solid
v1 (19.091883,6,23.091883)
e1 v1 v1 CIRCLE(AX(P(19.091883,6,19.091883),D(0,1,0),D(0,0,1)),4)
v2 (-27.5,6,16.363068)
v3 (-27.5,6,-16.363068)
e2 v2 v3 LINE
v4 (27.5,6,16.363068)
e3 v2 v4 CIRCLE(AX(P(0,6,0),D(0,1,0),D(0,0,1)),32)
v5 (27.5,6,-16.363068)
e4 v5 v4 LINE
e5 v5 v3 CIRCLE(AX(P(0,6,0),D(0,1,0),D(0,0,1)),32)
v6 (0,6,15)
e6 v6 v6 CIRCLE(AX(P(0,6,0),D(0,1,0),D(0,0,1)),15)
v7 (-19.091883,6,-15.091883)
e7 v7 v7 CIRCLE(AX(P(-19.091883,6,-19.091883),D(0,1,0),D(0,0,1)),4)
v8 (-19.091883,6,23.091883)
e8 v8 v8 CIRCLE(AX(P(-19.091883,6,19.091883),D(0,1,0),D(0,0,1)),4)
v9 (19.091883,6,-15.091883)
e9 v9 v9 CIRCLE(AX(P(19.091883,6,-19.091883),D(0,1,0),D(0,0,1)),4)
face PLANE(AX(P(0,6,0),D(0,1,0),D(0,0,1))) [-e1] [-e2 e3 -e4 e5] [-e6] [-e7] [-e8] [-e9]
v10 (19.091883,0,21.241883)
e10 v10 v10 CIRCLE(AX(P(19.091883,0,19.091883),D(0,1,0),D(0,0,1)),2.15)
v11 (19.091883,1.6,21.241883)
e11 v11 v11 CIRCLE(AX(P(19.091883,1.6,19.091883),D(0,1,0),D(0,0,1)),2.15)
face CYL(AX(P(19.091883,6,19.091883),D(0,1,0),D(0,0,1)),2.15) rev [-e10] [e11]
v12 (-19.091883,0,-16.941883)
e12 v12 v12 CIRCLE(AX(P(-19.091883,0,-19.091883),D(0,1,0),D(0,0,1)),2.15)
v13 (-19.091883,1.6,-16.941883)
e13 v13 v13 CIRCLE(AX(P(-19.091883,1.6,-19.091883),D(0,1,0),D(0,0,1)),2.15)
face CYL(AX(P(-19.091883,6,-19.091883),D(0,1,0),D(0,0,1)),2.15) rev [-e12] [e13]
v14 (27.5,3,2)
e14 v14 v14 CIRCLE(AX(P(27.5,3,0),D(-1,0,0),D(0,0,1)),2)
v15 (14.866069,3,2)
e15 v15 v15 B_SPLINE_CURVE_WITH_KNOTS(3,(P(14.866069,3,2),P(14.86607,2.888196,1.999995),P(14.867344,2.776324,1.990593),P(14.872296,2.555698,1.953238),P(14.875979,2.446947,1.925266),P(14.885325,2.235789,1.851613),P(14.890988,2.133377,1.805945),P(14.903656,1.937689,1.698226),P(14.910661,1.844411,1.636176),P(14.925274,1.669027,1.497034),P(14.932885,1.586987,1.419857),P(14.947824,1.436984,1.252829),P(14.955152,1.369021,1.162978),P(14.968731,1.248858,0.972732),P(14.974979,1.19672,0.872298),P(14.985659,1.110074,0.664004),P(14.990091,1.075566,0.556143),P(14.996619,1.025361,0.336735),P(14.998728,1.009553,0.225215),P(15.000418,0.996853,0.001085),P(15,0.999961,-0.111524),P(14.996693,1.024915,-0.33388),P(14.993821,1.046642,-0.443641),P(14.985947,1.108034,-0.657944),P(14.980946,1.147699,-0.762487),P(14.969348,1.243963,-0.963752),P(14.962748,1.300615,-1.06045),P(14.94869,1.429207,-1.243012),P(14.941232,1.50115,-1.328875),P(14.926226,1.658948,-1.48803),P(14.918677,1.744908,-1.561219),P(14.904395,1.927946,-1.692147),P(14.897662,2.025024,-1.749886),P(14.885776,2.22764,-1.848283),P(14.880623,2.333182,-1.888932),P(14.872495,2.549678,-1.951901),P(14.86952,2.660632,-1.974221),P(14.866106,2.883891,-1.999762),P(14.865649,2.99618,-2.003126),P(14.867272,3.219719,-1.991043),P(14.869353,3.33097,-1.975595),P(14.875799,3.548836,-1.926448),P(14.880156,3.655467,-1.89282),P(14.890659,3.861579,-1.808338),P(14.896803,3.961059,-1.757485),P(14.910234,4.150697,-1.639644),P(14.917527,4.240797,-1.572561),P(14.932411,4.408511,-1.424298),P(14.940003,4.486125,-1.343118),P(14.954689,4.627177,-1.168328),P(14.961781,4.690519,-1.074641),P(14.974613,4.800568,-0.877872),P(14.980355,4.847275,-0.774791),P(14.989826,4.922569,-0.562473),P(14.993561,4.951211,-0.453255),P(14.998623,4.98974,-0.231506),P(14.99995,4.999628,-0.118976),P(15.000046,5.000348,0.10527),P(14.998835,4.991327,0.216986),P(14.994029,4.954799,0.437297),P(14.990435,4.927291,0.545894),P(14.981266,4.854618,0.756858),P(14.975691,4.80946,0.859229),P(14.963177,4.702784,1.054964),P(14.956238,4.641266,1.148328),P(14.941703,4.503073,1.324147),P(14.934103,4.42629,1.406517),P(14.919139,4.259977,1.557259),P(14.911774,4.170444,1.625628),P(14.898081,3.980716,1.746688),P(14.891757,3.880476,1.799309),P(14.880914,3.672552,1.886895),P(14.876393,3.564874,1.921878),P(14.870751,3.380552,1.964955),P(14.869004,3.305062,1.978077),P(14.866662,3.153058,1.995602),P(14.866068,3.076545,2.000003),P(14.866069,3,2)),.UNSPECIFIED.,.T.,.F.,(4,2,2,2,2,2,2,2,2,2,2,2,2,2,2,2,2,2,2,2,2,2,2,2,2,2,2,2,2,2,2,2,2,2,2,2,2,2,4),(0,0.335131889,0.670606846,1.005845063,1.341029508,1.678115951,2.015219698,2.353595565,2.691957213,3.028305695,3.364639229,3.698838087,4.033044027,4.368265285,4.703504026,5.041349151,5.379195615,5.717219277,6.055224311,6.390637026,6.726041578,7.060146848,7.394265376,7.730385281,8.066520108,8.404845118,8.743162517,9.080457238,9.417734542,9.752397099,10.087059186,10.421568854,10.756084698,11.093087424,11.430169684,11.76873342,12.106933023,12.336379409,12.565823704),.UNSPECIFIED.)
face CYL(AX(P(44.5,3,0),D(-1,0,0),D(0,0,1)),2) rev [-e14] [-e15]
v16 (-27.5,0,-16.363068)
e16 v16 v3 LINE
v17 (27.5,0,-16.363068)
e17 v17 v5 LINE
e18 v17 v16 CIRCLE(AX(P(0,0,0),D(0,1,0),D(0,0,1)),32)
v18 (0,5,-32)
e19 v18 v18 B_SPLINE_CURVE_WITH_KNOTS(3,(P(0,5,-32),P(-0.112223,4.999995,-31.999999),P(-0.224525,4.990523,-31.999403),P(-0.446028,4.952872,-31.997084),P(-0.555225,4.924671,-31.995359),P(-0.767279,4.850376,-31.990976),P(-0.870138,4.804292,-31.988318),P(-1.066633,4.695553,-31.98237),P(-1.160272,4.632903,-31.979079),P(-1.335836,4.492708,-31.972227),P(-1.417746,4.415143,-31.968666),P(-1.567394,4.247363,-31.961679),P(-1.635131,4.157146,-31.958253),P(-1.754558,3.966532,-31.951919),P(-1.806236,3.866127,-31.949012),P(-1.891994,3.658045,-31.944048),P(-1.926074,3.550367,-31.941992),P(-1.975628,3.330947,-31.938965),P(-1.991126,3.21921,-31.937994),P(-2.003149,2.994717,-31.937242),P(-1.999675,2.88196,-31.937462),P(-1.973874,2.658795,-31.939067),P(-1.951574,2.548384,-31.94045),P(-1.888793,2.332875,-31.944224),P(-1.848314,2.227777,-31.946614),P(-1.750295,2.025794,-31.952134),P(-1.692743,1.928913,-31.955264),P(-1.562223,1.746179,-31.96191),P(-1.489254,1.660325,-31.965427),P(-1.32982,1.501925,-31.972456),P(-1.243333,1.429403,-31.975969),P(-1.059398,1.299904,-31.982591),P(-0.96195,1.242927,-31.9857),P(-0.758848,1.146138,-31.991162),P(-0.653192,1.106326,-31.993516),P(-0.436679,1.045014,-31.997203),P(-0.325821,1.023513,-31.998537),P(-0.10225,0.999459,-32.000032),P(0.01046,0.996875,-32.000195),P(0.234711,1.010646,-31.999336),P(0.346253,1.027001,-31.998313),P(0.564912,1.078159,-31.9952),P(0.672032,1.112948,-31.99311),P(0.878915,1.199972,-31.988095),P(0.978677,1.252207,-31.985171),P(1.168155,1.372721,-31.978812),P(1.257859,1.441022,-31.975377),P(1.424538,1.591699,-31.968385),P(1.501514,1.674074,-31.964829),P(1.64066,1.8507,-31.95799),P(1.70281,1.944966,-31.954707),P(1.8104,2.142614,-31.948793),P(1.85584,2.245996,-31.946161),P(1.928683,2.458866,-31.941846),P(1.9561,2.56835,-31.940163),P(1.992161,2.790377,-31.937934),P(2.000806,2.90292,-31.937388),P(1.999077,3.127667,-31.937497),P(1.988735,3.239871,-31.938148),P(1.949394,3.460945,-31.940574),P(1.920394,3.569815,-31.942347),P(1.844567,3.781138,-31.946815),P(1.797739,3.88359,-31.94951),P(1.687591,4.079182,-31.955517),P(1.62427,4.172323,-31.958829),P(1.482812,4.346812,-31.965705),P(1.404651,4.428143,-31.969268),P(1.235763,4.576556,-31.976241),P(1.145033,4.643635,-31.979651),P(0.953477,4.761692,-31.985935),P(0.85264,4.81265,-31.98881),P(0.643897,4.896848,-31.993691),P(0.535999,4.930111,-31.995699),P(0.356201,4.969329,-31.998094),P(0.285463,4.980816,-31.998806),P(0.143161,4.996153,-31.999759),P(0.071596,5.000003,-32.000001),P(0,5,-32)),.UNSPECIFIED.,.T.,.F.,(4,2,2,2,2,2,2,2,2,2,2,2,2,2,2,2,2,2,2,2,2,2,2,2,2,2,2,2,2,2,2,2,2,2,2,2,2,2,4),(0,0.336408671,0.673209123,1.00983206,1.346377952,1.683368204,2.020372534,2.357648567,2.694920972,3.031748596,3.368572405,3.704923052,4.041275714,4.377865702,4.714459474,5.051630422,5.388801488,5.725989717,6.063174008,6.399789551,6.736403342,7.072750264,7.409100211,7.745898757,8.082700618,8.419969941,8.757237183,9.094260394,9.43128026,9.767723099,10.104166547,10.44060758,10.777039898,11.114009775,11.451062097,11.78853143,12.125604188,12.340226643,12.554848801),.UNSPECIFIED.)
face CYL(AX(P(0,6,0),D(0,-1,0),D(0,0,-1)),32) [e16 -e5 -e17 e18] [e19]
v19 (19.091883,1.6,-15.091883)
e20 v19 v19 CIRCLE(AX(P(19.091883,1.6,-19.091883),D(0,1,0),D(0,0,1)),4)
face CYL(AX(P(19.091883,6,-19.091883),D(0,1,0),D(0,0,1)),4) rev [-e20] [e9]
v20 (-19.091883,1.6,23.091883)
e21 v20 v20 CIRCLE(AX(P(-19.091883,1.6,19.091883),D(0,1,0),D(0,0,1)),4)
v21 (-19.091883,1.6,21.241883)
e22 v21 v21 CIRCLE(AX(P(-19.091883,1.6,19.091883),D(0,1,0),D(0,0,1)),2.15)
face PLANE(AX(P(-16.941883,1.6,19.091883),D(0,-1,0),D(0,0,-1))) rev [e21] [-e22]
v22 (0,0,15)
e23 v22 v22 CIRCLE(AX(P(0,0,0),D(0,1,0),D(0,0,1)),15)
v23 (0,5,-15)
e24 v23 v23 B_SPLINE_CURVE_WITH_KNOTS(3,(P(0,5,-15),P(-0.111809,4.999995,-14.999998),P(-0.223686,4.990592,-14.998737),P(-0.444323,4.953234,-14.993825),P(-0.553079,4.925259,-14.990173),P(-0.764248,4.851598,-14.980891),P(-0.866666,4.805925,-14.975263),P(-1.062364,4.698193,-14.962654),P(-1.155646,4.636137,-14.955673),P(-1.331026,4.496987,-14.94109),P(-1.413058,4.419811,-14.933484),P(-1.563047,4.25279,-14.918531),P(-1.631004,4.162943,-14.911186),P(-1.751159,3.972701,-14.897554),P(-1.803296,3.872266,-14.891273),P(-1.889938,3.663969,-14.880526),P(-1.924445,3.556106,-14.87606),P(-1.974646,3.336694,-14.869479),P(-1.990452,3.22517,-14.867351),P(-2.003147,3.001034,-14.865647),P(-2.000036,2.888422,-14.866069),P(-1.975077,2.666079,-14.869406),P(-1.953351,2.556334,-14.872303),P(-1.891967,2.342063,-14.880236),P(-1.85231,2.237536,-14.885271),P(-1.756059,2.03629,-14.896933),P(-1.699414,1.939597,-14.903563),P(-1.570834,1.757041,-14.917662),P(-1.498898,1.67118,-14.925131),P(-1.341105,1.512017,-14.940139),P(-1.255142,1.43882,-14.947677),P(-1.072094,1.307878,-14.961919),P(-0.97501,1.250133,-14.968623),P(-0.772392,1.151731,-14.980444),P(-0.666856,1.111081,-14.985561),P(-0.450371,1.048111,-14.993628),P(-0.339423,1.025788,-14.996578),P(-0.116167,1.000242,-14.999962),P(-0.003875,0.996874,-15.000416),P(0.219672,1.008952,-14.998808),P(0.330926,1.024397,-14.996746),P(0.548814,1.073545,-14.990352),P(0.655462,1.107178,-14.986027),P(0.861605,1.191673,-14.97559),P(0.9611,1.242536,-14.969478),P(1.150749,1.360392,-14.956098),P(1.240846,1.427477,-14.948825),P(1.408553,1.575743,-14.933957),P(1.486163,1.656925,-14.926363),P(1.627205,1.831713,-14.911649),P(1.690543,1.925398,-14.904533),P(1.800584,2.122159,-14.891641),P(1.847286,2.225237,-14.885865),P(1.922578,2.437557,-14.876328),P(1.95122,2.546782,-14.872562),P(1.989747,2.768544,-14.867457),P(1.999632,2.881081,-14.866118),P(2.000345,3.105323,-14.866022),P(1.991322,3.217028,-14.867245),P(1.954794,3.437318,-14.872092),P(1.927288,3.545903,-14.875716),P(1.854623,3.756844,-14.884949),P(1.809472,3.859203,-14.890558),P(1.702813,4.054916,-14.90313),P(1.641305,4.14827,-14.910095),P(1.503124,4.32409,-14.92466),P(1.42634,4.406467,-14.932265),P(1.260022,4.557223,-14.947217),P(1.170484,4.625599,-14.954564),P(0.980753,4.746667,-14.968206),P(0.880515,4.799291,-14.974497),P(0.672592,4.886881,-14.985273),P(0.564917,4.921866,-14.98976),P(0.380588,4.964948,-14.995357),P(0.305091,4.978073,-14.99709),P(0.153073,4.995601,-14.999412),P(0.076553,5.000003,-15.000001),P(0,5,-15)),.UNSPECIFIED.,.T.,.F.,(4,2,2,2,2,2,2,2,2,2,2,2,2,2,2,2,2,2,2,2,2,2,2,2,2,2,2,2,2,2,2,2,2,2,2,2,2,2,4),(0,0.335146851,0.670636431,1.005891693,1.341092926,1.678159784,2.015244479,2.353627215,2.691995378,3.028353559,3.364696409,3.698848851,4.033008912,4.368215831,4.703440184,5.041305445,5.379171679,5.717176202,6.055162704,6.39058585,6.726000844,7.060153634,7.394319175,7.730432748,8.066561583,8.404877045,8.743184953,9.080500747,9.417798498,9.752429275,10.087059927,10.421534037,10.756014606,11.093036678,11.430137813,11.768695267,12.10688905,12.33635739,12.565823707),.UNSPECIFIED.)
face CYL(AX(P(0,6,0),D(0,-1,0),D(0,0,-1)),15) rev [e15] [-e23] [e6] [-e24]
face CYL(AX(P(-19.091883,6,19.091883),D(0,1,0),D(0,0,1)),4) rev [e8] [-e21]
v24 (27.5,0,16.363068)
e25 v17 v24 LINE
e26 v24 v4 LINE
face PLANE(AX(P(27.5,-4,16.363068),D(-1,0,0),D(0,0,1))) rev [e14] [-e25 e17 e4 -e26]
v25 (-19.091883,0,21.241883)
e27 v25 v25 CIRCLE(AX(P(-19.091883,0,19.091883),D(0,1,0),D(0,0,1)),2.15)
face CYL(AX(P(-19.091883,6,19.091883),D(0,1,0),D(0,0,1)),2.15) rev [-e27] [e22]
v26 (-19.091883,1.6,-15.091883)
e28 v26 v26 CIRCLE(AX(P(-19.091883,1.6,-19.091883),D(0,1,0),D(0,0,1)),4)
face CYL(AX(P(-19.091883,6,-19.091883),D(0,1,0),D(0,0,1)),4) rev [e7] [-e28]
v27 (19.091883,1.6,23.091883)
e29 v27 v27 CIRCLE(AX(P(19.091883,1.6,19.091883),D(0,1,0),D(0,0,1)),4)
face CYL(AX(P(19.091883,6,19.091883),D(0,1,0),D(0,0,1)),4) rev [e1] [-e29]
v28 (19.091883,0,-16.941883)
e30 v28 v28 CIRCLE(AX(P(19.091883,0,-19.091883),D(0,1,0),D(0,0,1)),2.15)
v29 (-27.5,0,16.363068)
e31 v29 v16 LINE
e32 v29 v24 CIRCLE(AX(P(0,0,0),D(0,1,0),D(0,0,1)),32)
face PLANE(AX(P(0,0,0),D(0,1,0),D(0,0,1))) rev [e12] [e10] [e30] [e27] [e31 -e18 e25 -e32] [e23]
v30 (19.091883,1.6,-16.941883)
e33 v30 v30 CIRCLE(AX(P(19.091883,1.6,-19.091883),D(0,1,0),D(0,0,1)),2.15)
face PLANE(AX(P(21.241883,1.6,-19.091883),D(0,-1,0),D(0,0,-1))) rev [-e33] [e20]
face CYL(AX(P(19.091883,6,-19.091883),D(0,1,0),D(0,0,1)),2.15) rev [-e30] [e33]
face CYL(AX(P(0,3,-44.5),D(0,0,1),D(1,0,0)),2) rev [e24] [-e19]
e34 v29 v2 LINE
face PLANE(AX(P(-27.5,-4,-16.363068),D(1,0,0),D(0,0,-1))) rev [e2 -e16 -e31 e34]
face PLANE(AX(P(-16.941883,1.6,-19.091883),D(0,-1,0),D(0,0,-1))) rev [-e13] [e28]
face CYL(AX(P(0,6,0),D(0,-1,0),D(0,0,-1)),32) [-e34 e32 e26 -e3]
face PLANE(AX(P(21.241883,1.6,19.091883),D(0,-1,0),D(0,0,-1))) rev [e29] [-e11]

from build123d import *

# Parameters (mm, degrees)
SKETCH1_R                                           = 32
SKETCH1_R_2                                         = 15
BOSS_EXTRUDE1_DEPTH                                 = 6
CBORE_FOR_M4_HEX_SOCKET_HEAD_CAP_SCREW2_D           = 4.3
CBORE_FOR_M4_HEX_SOCKET_HEAD_CAP_SCREW2_DEPTH       = 11.94
CBORE_FOR_M4_HEX_SOCKET_HEAD_CAP_SCREW2_CBORE_D     = 8
CBORE_FOR_M4_HEX_SOCKET_HEAD_CAP_SCREW2_CBORE_DEPTH = 4.4
CBORE_FOR_M4_HEX_SOCKET_HEAD_CAP_SCREW2_TIP         = 1.291850331
SKETCH7_R                                           = 2
CUT_EXTRUDE1_DEPTH                                  = 44.5
SKETCH8_R                                           = 2
CUT_EXTRUDE2_DEPTH                                  = 44.5
CUT_EXTRUDE3_START                                  = -10
CUT_EXTRUDE3_DEPTH                                  = 10


with BuildPart() as part:
    # Sketch1 → Boss-Extrude1 (new body)
    with BuildSketch(Plane(origin=(0, 0, 0), x_dir=(1, 0, 0), z_dir=(0, 1, 0))):
        with Locations(Location((0, 0, 0), (0, 0, 270))):
            Circle(SKETCH1_R)
        with Locations(Location((0, 0, 0), (0, 0, 270))):
            Circle(SKETCH1_R_2, mode=Mode.SUBTRACT)
    extrude(amount=BOSS_EXTRUDE1_DEPTH)

    # CBORE for M4 Hex Socket Head Cap Screw2
    with Locations(Plane(origin=(0, 6, 0), x_dir=(1, 0, 0), z_dir=(0, 1, 0))):
        with Locations((19.091883092, 19.091883092), (19.091883092, -19.091883092), (-19.091883092, -19.091883092), (-19.091883092, 19.091883092)):
            CounterBoreHole(CBORE_FOR_M4_HEX_SOCKET_HEAD_CAP_SCREW2_D / 2, CBORE_FOR_M4_HEX_SOCKET_HEAD_CAP_SCREW2_CBORE_D / 2, CBORE_FOR_M4_HEX_SOCKET_HEAD_CAP_SCREW2_CBORE_DEPTH, depth=CBORE_FOR_M4_HEX_SOCKET_HEAD_CAP_SCREW2_DEPTH)
            with Locations((0, 0, -(CBORE_FOR_M4_HEX_SOCKET_HEAD_CAP_SCREW2_DEPTH + CBORE_FOR_M4_HEX_SOCKET_HEAD_CAP_SCREW2_TIP / 2))):  # 118° drill point
                Cone(0, CBORE_FOR_M4_HEX_SOCKET_HEAD_CAP_SCREW2_D / 2, CBORE_FOR_M4_HEX_SOCKET_HEAD_CAP_SCREW2_TIP, mode=Mode.SUBTRACT)

    # Sketch7 → Cut-Extrude1 (cut)
    with BuildSketch(Plane(origin=(0, 0, 0), x_dir=(0, 0, -1), z_dir=(1, 0, 0))):
        with Locations(Location((0, 3, 0), (0, 0, 180))):
            Circle(SKETCH7_R)
    extrude(amount=CUT_EXTRUDE1_DEPTH, mode=Mode.SUBTRACT)

    # Sketch8 → Cut-Extrude2 (cut)
    with BuildSketch(Plane.XY):
        with Locations(Location((0, 3, 0), (0, 0, 90))):
            Circle(SKETCH8_R)
    extrude(amount=-CUT_EXTRUDE2_DEPTH, mode=Mode.SUBTRACT)

    # Sketch9 → Cut-Extrude3 (cut)
    with BuildSketch(Plane(origin=(0, 6, 0), x_dir=(1, 0, 0), z_dir=(0, 1, 0)).offset(CUT_EXTRUDE3_START)):
        with BuildLine():
            Line((-27.5, 16.363068172), (-27.5, -16.363068172))
            ThreePointArc((-27.5, -16.363068172), (-32, 0), (-27.5, 16.363068172))
        make_face()
        with BuildLine():
            Line((27.5, -16.363068172), (27.5, 16.363068172))
            ThreePointArc((27.5, 16.363068172), (32, 0), (27.5, -16.363068172))
        make_face()
    extrude(amount=CUT_EXTRUDE3_DEPTH, mode=Mode.SUBTRACT)


solid = part.part
